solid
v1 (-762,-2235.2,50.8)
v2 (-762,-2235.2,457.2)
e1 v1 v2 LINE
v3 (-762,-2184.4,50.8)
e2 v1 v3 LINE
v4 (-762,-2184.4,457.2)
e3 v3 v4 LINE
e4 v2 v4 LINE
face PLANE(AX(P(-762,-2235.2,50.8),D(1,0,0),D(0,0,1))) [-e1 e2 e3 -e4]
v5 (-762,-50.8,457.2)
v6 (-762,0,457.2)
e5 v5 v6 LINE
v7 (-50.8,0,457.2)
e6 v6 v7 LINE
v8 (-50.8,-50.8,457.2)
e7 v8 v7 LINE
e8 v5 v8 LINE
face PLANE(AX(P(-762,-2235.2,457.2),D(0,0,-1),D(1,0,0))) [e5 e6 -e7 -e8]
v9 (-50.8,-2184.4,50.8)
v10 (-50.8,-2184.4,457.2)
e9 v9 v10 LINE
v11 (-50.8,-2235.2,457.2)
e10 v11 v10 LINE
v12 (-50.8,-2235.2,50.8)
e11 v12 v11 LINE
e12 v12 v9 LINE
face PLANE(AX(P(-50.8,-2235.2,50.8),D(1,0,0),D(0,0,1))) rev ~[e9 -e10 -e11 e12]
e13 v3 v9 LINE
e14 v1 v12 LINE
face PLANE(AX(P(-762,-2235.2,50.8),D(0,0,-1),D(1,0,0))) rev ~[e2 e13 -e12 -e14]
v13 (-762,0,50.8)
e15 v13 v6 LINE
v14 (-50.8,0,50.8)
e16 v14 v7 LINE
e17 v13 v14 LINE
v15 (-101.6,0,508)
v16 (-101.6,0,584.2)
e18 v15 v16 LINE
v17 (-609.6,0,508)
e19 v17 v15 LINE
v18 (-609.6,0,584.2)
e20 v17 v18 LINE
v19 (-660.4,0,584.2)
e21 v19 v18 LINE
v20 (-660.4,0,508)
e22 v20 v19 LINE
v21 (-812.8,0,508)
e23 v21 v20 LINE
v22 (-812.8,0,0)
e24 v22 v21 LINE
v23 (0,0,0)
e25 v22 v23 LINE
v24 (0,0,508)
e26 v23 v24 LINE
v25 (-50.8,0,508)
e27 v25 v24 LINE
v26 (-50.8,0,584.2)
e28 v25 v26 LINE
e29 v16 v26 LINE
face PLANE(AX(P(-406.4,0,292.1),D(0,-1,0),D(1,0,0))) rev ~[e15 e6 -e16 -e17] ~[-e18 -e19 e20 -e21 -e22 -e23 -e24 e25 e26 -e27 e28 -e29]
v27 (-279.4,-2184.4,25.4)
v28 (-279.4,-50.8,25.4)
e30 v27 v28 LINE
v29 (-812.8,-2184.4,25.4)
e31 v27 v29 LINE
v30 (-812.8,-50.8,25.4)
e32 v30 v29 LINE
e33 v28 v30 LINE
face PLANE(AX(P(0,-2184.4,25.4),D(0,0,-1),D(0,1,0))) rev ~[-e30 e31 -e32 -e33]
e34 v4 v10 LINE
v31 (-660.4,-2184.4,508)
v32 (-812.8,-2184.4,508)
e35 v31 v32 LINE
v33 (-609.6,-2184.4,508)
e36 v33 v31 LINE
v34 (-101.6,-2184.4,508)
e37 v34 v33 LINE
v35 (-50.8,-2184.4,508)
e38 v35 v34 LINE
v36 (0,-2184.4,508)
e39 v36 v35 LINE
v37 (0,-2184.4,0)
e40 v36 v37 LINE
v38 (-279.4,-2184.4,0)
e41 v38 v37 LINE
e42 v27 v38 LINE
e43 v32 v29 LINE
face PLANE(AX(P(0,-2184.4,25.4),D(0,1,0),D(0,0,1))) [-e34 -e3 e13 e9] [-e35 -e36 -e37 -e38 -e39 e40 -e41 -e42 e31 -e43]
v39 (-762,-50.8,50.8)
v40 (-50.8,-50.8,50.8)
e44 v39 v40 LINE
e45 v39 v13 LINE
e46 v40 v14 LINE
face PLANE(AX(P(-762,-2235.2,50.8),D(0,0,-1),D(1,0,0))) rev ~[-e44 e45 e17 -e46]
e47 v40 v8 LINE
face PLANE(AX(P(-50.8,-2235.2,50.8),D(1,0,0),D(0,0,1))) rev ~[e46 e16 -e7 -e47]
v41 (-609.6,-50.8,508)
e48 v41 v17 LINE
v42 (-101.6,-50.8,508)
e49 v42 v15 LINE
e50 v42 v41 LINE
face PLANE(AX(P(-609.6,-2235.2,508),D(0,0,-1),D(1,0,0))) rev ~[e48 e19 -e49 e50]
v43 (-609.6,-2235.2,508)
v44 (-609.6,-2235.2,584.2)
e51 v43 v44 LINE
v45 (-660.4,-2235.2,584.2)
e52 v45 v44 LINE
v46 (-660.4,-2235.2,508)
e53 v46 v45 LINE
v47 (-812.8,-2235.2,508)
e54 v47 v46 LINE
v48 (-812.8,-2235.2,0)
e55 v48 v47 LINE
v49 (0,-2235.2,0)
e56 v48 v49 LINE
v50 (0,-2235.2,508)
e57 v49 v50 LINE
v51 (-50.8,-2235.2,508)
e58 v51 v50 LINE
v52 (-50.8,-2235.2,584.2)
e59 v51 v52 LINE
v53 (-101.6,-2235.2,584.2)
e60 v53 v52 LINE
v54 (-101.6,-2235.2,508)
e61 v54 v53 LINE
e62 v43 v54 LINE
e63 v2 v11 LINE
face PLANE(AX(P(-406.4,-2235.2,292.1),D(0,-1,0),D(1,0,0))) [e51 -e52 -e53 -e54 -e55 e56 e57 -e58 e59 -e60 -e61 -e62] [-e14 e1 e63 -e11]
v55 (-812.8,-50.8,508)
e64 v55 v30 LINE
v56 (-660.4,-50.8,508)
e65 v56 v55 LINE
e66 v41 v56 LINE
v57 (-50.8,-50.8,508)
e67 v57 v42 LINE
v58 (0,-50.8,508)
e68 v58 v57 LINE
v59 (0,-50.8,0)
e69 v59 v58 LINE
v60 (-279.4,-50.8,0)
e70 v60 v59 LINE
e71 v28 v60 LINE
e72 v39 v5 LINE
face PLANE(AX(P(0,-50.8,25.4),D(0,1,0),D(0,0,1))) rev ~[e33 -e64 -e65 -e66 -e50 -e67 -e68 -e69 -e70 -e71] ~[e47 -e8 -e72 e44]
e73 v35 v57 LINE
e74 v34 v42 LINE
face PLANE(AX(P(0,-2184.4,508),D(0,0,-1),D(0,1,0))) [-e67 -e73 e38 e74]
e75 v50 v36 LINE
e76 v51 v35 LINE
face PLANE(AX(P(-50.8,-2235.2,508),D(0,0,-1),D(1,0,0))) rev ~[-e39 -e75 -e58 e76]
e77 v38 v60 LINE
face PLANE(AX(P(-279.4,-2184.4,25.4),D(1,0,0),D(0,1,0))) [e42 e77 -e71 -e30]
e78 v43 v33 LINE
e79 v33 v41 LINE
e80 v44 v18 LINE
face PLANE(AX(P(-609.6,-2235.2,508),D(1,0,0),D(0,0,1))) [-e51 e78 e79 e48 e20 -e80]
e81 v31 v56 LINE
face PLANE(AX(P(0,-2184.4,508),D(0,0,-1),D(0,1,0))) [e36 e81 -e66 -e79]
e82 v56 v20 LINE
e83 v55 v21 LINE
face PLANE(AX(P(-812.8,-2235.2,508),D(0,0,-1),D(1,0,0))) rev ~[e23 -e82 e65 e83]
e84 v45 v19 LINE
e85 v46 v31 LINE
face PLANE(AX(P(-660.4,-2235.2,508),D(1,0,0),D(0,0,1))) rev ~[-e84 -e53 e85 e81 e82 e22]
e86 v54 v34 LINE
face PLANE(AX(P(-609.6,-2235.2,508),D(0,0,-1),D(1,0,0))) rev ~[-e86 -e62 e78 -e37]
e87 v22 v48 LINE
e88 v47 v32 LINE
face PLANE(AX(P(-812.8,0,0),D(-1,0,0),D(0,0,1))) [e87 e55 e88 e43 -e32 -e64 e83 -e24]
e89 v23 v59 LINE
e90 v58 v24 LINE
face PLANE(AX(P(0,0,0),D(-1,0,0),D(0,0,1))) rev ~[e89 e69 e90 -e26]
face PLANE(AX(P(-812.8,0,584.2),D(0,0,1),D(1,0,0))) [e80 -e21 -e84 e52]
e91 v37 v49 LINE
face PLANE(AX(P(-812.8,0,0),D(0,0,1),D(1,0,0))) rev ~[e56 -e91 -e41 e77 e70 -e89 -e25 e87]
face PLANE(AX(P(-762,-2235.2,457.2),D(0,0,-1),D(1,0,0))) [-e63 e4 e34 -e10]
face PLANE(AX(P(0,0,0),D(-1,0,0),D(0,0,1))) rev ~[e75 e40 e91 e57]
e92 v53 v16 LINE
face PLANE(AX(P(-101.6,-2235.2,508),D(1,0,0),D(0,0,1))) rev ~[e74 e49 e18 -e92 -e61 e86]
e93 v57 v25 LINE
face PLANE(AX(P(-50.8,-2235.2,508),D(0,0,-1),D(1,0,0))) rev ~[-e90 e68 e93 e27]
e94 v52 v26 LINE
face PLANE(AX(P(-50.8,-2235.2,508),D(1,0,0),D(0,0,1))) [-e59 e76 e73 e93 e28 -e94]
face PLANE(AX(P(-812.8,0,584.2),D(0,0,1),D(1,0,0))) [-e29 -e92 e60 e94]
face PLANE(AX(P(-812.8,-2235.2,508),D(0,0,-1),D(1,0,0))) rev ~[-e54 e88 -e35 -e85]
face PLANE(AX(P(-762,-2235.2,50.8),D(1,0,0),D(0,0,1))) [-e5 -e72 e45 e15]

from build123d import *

# Parameters (mm, degrees)
F0_W     = 812.8
F0_H     = 584.2
F1_DEPTH = 2235.2
F2_W     = 152.4
F2_H     = 76.2
F2_W_2   = 508
F2_W_3   = 50.8
F3_DEPTH = 2235.201
F4_W     = 711.2
F4_H     = 406.4
F5_DEPTH = 2235.201
F6_W     = 2133.6
F6_H     = 482.6
F7_DEPTH = 812.801
F8_W     = 279.4
F8_H     = 2133.6
F9_DEPTH = 25.4


with BuildPart() as f1:
    # F0 (on Front) → F1 (new body)
    with BuildSketch(Plane.XZ):
        with Locations((-406.4, 292.1)):
            Rectangle(F0_W, F0_H)
    extrude(amount=F1_DEPTH)

    # F2 (on face) → F3 (cut, through all)
    with BuildSketch(Plane.XZ.offset(2235.2)):
        with Locations((-736.6, 546.1)):
            Rectangle(F2_W, F2_H)
        with Locations((-355.6, 546.1)):
            Rectangle(F2_W_2, F2_H)
        with Locations((-25.4, 546.1)):
            Rectangle(F2_W_3, F2_H)
    extrude(amount=-F3_DEPTH, mode=Mode.SUBTRACT)

    # F4 (on face) → F5 (cut, through all)
    with BuildSketch(Plane.XZ.offset(2235.2)):
        with Locations((-406.4, 254)):
            Rectangle(F4_W, F4_H)
    extrude(amount=-F5_DEPTH, mode=Mode.SUBTRACT)

    # F6 (on face) → F7 (cut, through all)
    with BuildSketch(Plane.YZ):
        with Locations((-1117.6, 266.7)):
            Rectangle(F6_W, F6_H)
    extrude(amount=-F7_DEPTH, mode=Mode.SUBTRACT)

    # F8 (on face) → F9 (cut)
    with BuildSketch(Plane.XY.offset(25.4)):
        with Locations((-139.7, -1117.6)):
            Rectangle(F8_W, F8_H)
    extrude(amount=-F9_DEPTH, mode=Mode.SUBTRACT)


solid = f1.part
